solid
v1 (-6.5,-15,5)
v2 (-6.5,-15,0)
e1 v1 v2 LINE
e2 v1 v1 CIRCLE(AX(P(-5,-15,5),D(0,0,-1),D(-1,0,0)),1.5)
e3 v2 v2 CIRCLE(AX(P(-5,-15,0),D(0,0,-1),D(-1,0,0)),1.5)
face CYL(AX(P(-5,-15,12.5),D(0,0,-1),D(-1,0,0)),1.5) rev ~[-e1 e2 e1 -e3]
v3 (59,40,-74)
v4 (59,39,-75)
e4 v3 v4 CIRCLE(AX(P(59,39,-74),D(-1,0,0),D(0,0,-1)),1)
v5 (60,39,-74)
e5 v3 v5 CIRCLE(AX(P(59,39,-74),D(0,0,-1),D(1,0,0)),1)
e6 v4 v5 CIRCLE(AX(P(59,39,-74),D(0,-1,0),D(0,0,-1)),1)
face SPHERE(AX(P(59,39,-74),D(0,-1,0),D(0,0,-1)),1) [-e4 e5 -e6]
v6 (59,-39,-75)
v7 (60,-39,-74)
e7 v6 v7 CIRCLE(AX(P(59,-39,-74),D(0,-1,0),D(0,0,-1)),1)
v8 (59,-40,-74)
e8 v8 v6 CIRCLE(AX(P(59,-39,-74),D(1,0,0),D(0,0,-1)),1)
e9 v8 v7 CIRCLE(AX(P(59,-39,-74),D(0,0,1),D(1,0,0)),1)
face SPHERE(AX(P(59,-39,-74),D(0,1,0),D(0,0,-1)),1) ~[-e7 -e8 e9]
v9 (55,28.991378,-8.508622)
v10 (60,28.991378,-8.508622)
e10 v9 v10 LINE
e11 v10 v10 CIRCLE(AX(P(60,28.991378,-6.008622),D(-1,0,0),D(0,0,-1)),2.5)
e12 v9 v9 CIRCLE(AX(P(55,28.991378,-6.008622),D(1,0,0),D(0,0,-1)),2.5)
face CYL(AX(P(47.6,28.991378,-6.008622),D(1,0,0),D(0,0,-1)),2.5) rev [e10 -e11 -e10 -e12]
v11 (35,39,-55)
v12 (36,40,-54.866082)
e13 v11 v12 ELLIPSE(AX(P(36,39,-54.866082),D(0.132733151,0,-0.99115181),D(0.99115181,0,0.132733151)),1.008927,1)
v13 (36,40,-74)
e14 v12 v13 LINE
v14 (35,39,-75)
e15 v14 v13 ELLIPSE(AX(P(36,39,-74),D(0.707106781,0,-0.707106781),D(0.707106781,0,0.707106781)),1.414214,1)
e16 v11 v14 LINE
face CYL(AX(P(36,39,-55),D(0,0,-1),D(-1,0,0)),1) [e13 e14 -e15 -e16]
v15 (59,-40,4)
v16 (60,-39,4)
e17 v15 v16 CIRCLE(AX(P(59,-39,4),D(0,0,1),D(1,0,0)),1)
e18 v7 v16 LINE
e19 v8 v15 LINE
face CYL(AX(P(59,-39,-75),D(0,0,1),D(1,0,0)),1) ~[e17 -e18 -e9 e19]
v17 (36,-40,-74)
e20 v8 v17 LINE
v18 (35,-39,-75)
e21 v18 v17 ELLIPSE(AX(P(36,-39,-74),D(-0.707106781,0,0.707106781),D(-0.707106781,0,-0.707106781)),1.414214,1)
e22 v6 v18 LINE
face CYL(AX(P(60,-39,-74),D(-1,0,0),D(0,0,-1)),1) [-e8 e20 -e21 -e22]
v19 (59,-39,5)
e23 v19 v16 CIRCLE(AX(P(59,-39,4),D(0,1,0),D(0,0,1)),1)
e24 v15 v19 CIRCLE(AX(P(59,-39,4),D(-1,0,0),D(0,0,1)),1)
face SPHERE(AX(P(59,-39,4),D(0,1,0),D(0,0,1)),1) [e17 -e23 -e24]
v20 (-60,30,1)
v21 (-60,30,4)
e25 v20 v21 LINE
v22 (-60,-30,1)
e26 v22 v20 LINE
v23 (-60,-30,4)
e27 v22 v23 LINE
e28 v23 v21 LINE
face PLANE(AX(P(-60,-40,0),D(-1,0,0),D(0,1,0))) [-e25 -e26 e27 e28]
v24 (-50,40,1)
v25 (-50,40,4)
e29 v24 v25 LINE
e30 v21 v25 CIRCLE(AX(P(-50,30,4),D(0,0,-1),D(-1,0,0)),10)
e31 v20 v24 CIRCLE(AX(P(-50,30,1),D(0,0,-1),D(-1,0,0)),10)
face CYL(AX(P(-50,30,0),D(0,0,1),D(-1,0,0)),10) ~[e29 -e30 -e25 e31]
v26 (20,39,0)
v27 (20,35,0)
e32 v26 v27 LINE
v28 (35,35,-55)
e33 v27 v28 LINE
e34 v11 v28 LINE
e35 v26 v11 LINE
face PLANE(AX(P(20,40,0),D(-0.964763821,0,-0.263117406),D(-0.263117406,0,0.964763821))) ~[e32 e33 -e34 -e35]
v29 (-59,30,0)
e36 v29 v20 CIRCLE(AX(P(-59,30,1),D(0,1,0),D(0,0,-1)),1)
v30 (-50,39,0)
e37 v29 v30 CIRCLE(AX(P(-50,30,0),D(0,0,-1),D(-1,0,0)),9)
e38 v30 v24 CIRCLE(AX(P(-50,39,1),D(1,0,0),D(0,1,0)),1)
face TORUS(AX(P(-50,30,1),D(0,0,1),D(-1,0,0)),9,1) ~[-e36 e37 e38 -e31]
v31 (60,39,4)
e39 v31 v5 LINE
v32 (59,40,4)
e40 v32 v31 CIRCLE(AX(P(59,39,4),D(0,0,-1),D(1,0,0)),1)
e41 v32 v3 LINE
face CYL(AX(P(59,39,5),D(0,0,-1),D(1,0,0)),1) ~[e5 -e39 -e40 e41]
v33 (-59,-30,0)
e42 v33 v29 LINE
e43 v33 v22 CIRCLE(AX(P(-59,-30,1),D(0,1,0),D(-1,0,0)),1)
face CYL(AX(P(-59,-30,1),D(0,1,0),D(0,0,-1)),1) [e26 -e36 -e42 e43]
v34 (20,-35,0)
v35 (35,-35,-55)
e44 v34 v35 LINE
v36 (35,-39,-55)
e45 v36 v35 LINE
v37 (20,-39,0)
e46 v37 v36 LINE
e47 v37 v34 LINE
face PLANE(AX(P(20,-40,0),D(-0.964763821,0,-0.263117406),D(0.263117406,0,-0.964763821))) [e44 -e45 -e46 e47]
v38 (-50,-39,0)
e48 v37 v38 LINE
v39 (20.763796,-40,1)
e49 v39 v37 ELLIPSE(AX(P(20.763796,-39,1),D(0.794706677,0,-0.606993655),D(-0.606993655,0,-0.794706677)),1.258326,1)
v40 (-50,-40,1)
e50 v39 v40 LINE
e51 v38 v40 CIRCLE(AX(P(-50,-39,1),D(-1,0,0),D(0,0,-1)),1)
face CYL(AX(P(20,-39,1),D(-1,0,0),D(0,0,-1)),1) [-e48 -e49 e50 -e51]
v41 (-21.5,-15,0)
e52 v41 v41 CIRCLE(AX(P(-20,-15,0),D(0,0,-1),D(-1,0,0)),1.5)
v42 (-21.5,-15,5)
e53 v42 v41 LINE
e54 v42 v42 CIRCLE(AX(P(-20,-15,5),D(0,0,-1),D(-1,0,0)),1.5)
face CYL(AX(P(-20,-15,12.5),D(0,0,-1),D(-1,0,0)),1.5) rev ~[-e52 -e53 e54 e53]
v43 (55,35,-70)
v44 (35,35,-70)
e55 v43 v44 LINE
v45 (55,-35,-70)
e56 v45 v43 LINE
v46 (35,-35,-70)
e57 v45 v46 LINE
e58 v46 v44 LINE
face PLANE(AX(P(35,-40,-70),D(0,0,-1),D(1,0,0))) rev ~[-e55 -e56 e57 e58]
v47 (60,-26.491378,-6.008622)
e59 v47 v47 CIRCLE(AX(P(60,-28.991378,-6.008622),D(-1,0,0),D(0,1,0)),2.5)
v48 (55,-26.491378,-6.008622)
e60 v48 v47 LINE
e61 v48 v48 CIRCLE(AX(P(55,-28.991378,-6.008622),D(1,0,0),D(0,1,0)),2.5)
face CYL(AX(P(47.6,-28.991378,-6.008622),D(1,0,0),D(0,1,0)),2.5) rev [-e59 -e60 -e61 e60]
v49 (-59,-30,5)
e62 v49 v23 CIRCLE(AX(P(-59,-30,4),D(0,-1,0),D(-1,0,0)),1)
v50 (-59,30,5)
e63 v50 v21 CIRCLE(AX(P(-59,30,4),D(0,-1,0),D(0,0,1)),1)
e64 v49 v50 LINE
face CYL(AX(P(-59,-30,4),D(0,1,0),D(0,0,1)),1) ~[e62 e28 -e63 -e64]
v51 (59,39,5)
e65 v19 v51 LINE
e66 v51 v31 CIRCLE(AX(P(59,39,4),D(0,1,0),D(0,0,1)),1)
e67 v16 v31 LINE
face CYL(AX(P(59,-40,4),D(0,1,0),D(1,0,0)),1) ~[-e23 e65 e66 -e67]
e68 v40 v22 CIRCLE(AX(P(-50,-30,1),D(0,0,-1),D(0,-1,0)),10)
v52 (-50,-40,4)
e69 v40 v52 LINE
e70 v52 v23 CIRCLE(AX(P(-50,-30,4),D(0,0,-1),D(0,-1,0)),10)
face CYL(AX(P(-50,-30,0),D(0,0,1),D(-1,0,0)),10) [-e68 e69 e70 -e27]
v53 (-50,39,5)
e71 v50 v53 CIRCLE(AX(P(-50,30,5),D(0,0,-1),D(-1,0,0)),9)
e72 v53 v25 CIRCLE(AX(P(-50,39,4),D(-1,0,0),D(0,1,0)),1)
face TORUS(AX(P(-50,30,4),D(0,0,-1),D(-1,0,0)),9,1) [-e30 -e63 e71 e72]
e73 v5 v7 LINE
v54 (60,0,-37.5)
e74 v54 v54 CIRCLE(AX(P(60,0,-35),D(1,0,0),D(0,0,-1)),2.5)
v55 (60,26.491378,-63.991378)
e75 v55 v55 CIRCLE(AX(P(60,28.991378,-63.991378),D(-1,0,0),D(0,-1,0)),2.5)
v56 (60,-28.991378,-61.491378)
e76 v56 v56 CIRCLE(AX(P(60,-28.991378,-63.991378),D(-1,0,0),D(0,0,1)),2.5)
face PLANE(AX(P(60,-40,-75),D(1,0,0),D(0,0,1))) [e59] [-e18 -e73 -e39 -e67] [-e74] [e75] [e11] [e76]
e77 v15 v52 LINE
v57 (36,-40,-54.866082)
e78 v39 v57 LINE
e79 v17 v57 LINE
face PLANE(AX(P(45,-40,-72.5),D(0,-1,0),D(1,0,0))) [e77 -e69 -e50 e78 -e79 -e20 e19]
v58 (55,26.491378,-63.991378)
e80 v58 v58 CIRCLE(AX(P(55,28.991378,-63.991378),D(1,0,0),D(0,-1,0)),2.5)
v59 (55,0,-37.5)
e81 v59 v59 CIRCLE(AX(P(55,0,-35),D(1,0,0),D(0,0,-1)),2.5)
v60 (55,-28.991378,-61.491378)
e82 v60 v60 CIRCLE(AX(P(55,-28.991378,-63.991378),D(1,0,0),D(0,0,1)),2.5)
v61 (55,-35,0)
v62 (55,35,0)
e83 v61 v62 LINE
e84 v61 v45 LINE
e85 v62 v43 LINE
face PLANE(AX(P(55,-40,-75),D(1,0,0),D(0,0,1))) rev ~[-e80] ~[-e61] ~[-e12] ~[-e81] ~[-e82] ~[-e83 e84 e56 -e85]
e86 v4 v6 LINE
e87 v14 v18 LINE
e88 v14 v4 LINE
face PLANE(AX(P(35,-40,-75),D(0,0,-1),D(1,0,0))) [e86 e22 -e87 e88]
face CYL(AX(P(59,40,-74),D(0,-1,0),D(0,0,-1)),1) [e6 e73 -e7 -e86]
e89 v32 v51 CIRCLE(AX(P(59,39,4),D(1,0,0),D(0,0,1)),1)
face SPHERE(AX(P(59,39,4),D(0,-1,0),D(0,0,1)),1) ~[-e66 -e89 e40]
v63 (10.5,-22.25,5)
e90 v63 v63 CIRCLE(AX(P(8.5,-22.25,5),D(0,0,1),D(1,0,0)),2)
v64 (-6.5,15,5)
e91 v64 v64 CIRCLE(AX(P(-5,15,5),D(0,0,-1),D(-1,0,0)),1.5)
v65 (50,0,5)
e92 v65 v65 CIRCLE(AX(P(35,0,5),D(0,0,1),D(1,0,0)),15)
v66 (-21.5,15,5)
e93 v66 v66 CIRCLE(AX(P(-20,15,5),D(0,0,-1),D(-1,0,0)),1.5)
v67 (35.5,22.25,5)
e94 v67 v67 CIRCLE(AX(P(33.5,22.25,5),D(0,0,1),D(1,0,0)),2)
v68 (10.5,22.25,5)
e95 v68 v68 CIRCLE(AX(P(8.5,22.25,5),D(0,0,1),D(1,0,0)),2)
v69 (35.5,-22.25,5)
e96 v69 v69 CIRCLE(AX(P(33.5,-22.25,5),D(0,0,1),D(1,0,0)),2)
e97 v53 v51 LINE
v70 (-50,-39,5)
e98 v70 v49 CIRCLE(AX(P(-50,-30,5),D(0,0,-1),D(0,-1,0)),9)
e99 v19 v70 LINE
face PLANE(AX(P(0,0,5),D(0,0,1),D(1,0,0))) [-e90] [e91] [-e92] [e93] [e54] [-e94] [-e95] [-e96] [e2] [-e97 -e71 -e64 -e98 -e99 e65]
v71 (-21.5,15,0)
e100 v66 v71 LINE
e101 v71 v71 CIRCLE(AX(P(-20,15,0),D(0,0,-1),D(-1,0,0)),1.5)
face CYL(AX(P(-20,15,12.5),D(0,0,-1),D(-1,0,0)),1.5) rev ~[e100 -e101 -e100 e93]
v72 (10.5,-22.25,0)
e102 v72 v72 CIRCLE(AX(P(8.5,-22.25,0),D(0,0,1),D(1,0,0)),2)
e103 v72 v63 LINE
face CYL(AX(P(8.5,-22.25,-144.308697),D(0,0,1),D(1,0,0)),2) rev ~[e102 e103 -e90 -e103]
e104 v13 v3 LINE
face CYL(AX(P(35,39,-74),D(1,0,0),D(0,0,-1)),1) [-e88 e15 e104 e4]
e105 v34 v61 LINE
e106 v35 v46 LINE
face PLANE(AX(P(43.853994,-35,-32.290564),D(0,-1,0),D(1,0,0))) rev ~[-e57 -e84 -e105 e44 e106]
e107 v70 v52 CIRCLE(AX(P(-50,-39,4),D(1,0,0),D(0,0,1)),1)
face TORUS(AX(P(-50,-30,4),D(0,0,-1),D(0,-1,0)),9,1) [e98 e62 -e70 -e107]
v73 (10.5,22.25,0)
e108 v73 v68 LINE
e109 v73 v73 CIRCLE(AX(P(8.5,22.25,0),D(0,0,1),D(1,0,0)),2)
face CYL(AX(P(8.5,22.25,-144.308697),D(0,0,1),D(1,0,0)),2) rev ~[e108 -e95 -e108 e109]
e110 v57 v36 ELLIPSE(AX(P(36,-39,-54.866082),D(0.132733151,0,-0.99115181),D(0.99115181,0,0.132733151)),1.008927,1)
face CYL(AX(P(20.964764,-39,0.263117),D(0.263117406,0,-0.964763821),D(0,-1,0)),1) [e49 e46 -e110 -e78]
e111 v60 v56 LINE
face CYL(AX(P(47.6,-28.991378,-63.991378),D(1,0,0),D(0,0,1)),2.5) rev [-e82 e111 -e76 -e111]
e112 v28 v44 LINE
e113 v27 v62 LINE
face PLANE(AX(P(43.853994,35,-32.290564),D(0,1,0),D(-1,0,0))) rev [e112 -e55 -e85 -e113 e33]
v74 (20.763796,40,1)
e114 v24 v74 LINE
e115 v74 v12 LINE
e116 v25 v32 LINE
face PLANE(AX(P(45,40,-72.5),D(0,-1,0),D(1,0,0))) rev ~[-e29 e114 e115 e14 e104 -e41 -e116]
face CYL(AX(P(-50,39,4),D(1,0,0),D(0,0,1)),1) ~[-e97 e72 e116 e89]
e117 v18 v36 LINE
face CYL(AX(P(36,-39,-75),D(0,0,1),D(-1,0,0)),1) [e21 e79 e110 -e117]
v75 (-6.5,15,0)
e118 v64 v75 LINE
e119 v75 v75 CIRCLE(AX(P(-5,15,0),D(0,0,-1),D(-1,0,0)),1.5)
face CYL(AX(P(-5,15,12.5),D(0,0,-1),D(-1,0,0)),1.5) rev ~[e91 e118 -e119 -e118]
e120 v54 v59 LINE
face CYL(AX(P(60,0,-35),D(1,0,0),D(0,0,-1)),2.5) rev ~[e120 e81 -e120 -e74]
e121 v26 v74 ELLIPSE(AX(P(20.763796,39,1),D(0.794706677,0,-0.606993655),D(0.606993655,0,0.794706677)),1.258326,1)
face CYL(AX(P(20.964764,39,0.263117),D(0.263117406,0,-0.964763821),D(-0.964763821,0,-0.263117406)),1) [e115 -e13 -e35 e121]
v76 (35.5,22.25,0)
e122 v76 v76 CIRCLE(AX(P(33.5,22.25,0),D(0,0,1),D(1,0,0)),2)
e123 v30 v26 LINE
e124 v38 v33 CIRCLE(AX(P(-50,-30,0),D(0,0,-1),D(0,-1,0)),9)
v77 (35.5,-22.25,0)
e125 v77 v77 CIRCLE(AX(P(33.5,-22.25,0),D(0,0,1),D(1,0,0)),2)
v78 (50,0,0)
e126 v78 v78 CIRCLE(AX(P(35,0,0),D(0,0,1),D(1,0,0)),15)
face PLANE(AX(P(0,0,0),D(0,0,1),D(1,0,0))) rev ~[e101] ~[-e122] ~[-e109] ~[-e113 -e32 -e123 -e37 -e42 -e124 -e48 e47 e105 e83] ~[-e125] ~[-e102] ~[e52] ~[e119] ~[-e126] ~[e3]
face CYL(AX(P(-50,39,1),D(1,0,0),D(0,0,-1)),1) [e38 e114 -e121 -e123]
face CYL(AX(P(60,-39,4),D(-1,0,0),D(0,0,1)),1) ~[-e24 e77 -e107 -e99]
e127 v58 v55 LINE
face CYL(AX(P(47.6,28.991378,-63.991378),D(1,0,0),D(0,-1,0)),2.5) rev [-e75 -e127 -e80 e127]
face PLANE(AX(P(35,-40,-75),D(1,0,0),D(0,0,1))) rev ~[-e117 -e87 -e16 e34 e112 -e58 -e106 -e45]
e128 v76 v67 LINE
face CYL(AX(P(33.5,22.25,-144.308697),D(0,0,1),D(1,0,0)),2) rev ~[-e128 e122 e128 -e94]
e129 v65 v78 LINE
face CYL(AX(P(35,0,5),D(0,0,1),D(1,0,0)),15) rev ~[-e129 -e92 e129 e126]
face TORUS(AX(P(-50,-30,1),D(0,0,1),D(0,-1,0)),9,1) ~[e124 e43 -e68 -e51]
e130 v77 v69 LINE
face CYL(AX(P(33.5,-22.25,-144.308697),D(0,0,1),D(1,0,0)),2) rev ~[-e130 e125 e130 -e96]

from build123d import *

# Parameters (mm, degrees)
SKETCH_1_W               = 120
SKETCH_1_H               = 80
EXTRUDE_1_DEPTH          = 5
SKETCH_3_R               = 4
CUT_EXTRUDE_2_DEPTH      = 10
SKETCH_5_R               = 15
CUT_EXTRUDE_3_DEPTH      = 10
F_4_0MM_1_D              = 4
FILLET_1_R               = 10
SKETCH_13_R              = 6.969385005
EXTRUDE_5_DEPTH          = 5
SKETCH_14_W              = 5
SKETCH_14_H              = 75
EXTRUDE_6_DEPTH          = 80
SKETCH_15_W              = 20
SKETCH_15_H              = 5
EXTRUDE_7_DEPTH          = 80
EXTRUDE_8_DEPTH          = 5
FILLET_2_R               = 1
F_3_0MM_1_D              = 3
F_3_0MM_1_DEPTH          = 7.5
F_3_0MM_1_TIP            = 0.901290929
SKETCH_21_R              = 2.5
CUT_EXTRUDE_7_DEPTH      = 10
PATTERN_CIRCULAR_1_COUNT = 4


with BuildPart() as part:
    # 草图1 → 凸台-拉伸1 (new body)
    with BuildSketch(Plane.XY):
        Rectangle(SKETCH_1_W, SKETCH_1_H)
    extrude(amount=EXTRUDE_1_DEPTH)

    # 草图3 → 切除-拉伸2 (cut)
    with BuildSketch(Plane.XY.offset(5)):
        with Locations((-45, 0)):
            Circle(SKETCH_3_R)
    extrude(amount=-CUT_EXTRUDE_2_DEPTH, mode=Mode.SUBTRACT)

    # 草图5 → 切除-拉伸3 (cut)
    with BuildSketch(Plane.XY.offset(5)):
        with Locations((35, 0)):
            Circle(SKETCH_5_R)
    extrude(amount=-CUT_EXTRUDE_3_DEPTH, mode=Mode.SUBTRACT)

    # Ø4.0mm 暗销孔1 (through all)
    with Locations(Plane(origin=(0, 0, 0), x_dir=(-1, 0, 0), z_dir=(0, 0, -1))):
        with Locations((-8.5, -22.25), (-8.5, 22.25), (-33.5, 22.25), (-33.5, -22.25)):
            Hole(F_4_0MM_1_D / 2)

    # 圆角1
    fillet_1_edges = [part.edges().sort_by_distance(p)[0] for p in [
        (-60, 40, 2.5),
        (-60, -40, 2.5),
    ]]
    fillet(fillet_1_edges, radius=FILLET_1_R)

    # 草图13 → 凸台-拉伸5 (add)
    with BuildSketch(Plane.XY.offset(5)):
        with Locations((-45, 0)):
            Circle(SKETCH_13_R)
    extrude(amount=-EXTRUDE_5_DEPTH)

    # 草图14 → 凸台-拉伸6 (add)
    with BuildSketch(Plane.XZ.offset(40)):
        with Locations((57.5, -37.5)):
            Rectangle(SKETCH_14_W, SKETCH_14_H)
    extrude(amount=-EXTRUDE_6_DEPTH)

    # 草图15 → 凸台-拉伸7 (add)
    with BuildSketch(Plane.XZ.offset(40)):
        with Locations((45, -72.5)):
            Rectangle(SKETCH_15_W, SKETCH_15_H)
    extrude(amount=-EXTRUDE_7_DEPTH)

    # 草图16 → 凸台-拉伸8 (add)
    with BuildSketch(Plane.XZ.offset(40)):
        Polygon((20, 5), (20, 0), (35, -55), (35, -75), (60, -75), (60, 5), align=None)
    extrude_8 = extrude(amount=-EXTRUDE_8_DEPTH)

    # 镜向1: 凸台-拉伸8 across plane
    add(extrude_8.mirror(Plane.ZX))

    # 圆角2
    fillet_2_edges = [part.edges().sort_by_distance(p)[0] for p in [
        (27.5, -40, -27.5),
        (-15, 40, 0),
        (60, 0, 5),
        (27.5, 40, -27.5),
        (5, 40, 5),
        (-15, -40, 0),
        (5, -40, 5),
        (-60, 0, 0),
        (-57.071067812, 37.071067812, 0),
        (-57.071067812, -37.071067812, 0),
        (-60, 0, 5),
        (-57.071067812, 37.071067812, 5),
        (-57.071067812, -37.071067812, 5),
        (60, 0, -75),
        (47.5, -40, -75),
        (47.5, 40, -75),
        (60, 40, -35),
        (60, -40, -35),
        (35, -40, -65),
        (35, 40, -65),
    ]]
    fillet(fillet_2_edges, radius=FILLET_2_R)

    # Ø3.0mm 暗销孔1
    with Locations(Plane.XY.offset(5)):
        with Locations((-5, -15), (-5, 15), (-20, 15), (-20, -15)):
            Hole(F_3_0MM_1_D / 2, depth=F_3_0MM_1_DEPTH)
            with Locations((0, 0, -(F_3_0MM_1_DEPTH + F_3_0MM_1_TIP / 2))):  # 118° drill point
                Cone(0, F_3_0MM_1_D / 2, F_3_0MM_1_TIP, mode=Mode.SUBTRACT)

    # 草图21 → 切除-拉伸7 (cut)
    with BuildSketch(Plane(origin=(60, 0, 0), x_dir=(0, 0, -1), z_dir=(1, 0, 0))):
        with Locations((35, 0)):
            Circle(SKETCH_21_R)
    extrude(amount=-CUT_EXTRUDE_7_DEPTH, mode=Mode.SUBTRACT)

    # 草图24 → Ø5.0mm 暗销孔1 (revolve, cut)
    with BuildSketch(Plane(origin=(60, 28.991378029, -6.008621971), x_dir=(0, 0, -1), z_dir=(0, 1, 0))):
        Polygon((0, 0), (0, 13.902151548), (2.5, 12.4), (2.5, 0), align=None)
    f_5_0mm_1 = revolve(axis=Axis((66.35, 28.991378029, -6.008621971), (-1, 0, 0)), mode=Mode.SUBTRACT)

    # 阵列(圆周)1: Ø5.0mm 暗销孔1 ×4 about axis
    pattern_circular_1_axis = Axis((0, 0, -35), (1, 0, 0))
    for i in range(1, PATTERN_CIRCULAR_1_COUNT):
        add(f_5_0mm_1.rotate(pattern_circular_1_axis, i * 360 / PATTERN_CIRCULAR_1_COUNT), mode=Mode.SUBTRACT)


solid = part.part
